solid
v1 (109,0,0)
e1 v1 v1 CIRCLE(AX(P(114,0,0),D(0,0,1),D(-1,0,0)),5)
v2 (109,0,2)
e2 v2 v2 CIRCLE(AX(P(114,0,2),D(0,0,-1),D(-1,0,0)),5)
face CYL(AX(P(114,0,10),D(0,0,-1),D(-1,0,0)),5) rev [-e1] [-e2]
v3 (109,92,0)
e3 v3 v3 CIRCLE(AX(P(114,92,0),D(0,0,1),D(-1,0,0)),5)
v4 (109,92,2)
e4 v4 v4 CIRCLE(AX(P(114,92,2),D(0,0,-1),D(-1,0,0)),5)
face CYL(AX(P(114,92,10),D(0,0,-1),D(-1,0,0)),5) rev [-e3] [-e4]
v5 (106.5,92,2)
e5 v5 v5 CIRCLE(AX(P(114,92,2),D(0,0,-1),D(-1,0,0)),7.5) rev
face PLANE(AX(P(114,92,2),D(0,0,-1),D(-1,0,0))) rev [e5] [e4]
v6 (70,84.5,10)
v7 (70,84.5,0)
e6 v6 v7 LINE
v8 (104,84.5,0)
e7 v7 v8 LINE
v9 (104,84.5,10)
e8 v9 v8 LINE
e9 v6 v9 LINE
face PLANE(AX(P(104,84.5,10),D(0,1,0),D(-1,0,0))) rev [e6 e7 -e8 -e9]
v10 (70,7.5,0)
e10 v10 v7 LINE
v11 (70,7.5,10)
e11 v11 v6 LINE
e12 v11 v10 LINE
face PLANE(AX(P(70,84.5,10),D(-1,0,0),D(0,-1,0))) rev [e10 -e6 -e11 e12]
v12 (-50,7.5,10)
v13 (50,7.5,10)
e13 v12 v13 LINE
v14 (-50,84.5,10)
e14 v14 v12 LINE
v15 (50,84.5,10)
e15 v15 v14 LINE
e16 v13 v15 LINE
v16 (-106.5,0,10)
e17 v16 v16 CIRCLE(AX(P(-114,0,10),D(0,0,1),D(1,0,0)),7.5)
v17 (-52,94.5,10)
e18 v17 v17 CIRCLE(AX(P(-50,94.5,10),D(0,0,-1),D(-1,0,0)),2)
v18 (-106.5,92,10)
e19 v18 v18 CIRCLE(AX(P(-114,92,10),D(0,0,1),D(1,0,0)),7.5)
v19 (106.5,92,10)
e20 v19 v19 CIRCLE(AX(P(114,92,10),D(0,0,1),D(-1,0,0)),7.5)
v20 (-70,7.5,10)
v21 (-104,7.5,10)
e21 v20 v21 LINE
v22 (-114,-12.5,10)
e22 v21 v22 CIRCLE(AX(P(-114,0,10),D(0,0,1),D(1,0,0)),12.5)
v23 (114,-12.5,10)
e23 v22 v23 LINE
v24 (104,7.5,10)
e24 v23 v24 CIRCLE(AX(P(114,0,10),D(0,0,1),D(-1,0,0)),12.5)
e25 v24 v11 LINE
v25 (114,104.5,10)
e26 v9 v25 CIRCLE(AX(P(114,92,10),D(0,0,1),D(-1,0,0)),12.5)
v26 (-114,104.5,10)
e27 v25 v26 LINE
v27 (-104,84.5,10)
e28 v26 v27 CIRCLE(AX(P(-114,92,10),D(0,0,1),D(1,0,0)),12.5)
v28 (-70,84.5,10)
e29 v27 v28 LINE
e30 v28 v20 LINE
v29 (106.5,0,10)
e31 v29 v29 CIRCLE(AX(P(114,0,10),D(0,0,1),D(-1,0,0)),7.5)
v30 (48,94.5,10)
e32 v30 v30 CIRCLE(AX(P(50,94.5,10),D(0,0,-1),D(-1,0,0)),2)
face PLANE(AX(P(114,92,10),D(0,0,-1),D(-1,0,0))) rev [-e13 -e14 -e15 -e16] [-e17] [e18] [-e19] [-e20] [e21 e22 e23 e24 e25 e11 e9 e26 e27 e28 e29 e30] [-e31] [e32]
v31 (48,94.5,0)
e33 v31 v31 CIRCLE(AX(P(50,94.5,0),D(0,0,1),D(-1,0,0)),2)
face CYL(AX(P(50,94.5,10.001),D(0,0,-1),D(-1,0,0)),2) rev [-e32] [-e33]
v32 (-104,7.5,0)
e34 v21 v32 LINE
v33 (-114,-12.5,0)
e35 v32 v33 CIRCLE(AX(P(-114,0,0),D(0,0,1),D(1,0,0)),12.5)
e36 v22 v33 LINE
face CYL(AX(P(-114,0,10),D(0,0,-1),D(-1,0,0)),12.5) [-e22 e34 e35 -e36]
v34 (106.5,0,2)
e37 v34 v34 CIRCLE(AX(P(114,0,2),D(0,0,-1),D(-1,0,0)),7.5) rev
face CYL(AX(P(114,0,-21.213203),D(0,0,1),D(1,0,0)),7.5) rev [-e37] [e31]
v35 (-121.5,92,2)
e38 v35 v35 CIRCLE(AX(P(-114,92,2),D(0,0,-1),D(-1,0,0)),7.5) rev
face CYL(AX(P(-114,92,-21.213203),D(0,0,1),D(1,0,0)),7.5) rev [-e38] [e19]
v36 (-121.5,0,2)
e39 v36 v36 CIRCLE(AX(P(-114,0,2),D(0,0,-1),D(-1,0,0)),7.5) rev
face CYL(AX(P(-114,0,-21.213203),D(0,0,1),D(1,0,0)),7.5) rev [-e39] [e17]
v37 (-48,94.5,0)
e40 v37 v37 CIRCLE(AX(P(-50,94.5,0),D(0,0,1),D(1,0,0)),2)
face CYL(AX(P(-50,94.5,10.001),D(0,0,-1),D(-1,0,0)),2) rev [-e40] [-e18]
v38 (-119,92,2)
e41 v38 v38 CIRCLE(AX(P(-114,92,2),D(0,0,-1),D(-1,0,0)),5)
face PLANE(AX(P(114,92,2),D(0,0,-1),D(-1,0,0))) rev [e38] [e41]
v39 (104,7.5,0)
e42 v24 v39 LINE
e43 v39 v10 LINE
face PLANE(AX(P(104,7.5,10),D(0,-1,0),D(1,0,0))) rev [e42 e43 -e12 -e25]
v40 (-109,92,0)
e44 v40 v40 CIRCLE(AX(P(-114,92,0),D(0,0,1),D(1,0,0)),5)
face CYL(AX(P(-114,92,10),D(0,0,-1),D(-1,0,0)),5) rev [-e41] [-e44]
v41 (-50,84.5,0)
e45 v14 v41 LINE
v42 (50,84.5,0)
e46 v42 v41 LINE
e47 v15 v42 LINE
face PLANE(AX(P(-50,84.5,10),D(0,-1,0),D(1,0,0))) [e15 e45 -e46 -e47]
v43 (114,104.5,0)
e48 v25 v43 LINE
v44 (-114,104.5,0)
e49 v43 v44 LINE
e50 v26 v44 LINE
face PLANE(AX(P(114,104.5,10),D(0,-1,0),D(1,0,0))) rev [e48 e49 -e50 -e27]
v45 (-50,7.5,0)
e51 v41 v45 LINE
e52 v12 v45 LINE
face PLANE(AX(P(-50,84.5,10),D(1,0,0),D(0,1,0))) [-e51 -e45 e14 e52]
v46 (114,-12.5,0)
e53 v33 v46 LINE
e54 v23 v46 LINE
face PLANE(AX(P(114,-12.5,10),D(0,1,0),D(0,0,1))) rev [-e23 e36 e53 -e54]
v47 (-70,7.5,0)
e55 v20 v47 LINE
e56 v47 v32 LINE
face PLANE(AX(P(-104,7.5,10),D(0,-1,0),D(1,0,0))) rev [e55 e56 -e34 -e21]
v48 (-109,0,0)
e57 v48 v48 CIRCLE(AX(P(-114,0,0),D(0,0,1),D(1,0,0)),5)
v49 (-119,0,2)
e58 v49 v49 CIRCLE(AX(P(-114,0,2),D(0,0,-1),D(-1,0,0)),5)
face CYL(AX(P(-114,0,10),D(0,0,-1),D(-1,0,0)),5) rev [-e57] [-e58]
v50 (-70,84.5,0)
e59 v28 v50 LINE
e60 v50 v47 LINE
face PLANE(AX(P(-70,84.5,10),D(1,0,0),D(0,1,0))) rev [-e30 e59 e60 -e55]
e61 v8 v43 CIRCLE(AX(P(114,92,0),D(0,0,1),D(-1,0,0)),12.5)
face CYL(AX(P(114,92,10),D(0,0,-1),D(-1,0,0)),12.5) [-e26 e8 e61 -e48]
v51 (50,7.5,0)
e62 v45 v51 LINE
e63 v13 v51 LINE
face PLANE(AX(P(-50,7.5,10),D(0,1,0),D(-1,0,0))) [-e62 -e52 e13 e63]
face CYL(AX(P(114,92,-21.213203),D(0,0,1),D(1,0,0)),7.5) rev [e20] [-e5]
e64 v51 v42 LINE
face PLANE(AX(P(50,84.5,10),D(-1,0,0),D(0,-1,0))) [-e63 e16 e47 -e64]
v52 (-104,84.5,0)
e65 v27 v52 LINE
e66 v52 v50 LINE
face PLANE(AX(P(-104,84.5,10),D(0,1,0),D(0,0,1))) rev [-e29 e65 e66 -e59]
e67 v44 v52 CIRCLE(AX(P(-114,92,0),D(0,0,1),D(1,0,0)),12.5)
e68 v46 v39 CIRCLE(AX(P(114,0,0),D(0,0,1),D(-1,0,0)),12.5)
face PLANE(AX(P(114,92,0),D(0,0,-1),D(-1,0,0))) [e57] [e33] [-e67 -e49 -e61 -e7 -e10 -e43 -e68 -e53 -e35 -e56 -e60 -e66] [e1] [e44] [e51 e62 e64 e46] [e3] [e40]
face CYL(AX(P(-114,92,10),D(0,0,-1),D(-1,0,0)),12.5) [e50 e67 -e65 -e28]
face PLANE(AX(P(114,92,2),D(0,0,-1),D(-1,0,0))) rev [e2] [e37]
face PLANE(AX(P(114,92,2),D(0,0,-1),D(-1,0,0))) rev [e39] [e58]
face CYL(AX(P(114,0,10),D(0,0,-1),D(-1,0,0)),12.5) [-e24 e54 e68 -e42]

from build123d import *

# Parameters (mm, degrees)
SKETCH_1_R          = 5
SKETCH_1_W          = 100
SKETCH_1_H          = 77
EXTRUDE_1_DEPTH     = 10
SKETCH_3_R          = 7.5
CUT_EXTRUDE_1_DEPTH = 8
CUT_EXTRUDE_2_REACH = 166.385
SKETCH_5_R          = 2


with BuildPart() as part:
    # 草图1 → 凸台-拉伸1 (new body)
    with BuildSketch(Plane.XY):
        with BuildLine():
            Line((-104, 84.5), (-70, 84.5))
            Line((-70, 84.5), (-70, 7.5))
            Line((-70, 7.5), (-104, 7.5))
            ThreePointArc((-104, 7.5), (-125.180339887, 5.590169944), (-114, -12.5))
            Line((-114, -12.5), (114, -12.5))
            ThreePointArc((114, -12.5), (125.180339887, 5.590169944), (104, 7.5))
            Line((104, 7.5), (70, 7.5))
            Line((70, 7.5), (70, 84.5))
            Line((70, 84.5), (104, 84.5))
            ThreePointArc((104, 84.5), (125.180339887, 86.409830056), (114, 104.5))
            Line((114, 104.5), (64, 104.5))
            Line((64, 104.5), (-64, 104.5))
            Line((-64, 104.5), (-114, 104.5))
            ThreePointArc((-114, 104.5), (-125.180339887, 86.409830056), (-104, 84.5))
        make_face()
        with Locations((-114, 0)):
            Circle(SKETCH_1_R, mode=Mode.SUBTRACT)
        with Locations((-114, 92)):
            Circle(SKETCH_1_R, mode=Mode.SUBTRACT)
        with Locations(Location((114, 92, 0), (0, 0, 180))):
            Circle(SKETCH_1_R, mode=Mode.SUBTRACT)
        with Locations(Location((114, 0, 0), (0, 0, 180))):
            Circle(SKETCH_1_R, mode=Mode.SUBTRACT)
        with Locations((0, 46)):
            Rectangle(SKETCH_1_W, SKETCH_1_H, mode=Mode.SUBTRACT)
    extrude(amount=EXTRUDE_1_DEPTH)

    # 草图3 → 切除-拉伸1 (cut)
    with BuildSketch(Plane.XY.offset(10)):
        with Locations((-114, 92)):
            Circle(SKETCH_3_R)
        with Locations((-114, 0)):
            Circle(SKETCH_3_R)
        with Locations(Location((114, 0, 0), (0, 0, 180))):
            Circle(SKETCH_3_R)
        with Locations(Location((114, 92, 0), (0, 0, 180))):
            Circle(SKETCH_3_R)
    extrude(amount=-CUT_EXTRUDE_1_DEPTH, mode=Mode.SUBTRACT)

    # 草图5 → 切除-拉伸2 (cut, up to next)
    with BuildSketch(Plane.XY, mode=Mode.PRIVATE) as cut_extrude_2_sk1:
        with Locations(Location((-50, 94.5, 0), (0, 0, 180))):
            Circle(SKETCH_5_R)
    cut_extrude_2_tool1 = extrude(cut_extrude_2_sk1.sketch, amount=CUT_EXTRUDE_2_REACH, mode=Mode.PRIVATE) & part.part
    # 草图5 → 切除-拉伸2 (cut, up to next)
    with BuildSketch(Plane.XY, mode=Mode.PRIVATE) as cut_extrude_2_sk2:
        with Locations(Location((50, 94.5, 0), (0, 0, 180))):
            Circle(SKETCH_5_R)
    cut_extrude_2_tool2 = extrude(cut_extrude_2_sk2.sketch, amount=CUT_EXTRUDE_2_REACH, mode=Mode.PRIVATE) & part.part
    add(cut_extrude_2_tool1.solids().sort_by_distance((-50, 94.5, 0))[0], mode=Mode.SUBTRACT)
    add(cut_extrude_2_tool2.solids().sort_by_distance((50, 94.5, 0))[0], mode=Mode.SUBTRACT)


solid = part.part
